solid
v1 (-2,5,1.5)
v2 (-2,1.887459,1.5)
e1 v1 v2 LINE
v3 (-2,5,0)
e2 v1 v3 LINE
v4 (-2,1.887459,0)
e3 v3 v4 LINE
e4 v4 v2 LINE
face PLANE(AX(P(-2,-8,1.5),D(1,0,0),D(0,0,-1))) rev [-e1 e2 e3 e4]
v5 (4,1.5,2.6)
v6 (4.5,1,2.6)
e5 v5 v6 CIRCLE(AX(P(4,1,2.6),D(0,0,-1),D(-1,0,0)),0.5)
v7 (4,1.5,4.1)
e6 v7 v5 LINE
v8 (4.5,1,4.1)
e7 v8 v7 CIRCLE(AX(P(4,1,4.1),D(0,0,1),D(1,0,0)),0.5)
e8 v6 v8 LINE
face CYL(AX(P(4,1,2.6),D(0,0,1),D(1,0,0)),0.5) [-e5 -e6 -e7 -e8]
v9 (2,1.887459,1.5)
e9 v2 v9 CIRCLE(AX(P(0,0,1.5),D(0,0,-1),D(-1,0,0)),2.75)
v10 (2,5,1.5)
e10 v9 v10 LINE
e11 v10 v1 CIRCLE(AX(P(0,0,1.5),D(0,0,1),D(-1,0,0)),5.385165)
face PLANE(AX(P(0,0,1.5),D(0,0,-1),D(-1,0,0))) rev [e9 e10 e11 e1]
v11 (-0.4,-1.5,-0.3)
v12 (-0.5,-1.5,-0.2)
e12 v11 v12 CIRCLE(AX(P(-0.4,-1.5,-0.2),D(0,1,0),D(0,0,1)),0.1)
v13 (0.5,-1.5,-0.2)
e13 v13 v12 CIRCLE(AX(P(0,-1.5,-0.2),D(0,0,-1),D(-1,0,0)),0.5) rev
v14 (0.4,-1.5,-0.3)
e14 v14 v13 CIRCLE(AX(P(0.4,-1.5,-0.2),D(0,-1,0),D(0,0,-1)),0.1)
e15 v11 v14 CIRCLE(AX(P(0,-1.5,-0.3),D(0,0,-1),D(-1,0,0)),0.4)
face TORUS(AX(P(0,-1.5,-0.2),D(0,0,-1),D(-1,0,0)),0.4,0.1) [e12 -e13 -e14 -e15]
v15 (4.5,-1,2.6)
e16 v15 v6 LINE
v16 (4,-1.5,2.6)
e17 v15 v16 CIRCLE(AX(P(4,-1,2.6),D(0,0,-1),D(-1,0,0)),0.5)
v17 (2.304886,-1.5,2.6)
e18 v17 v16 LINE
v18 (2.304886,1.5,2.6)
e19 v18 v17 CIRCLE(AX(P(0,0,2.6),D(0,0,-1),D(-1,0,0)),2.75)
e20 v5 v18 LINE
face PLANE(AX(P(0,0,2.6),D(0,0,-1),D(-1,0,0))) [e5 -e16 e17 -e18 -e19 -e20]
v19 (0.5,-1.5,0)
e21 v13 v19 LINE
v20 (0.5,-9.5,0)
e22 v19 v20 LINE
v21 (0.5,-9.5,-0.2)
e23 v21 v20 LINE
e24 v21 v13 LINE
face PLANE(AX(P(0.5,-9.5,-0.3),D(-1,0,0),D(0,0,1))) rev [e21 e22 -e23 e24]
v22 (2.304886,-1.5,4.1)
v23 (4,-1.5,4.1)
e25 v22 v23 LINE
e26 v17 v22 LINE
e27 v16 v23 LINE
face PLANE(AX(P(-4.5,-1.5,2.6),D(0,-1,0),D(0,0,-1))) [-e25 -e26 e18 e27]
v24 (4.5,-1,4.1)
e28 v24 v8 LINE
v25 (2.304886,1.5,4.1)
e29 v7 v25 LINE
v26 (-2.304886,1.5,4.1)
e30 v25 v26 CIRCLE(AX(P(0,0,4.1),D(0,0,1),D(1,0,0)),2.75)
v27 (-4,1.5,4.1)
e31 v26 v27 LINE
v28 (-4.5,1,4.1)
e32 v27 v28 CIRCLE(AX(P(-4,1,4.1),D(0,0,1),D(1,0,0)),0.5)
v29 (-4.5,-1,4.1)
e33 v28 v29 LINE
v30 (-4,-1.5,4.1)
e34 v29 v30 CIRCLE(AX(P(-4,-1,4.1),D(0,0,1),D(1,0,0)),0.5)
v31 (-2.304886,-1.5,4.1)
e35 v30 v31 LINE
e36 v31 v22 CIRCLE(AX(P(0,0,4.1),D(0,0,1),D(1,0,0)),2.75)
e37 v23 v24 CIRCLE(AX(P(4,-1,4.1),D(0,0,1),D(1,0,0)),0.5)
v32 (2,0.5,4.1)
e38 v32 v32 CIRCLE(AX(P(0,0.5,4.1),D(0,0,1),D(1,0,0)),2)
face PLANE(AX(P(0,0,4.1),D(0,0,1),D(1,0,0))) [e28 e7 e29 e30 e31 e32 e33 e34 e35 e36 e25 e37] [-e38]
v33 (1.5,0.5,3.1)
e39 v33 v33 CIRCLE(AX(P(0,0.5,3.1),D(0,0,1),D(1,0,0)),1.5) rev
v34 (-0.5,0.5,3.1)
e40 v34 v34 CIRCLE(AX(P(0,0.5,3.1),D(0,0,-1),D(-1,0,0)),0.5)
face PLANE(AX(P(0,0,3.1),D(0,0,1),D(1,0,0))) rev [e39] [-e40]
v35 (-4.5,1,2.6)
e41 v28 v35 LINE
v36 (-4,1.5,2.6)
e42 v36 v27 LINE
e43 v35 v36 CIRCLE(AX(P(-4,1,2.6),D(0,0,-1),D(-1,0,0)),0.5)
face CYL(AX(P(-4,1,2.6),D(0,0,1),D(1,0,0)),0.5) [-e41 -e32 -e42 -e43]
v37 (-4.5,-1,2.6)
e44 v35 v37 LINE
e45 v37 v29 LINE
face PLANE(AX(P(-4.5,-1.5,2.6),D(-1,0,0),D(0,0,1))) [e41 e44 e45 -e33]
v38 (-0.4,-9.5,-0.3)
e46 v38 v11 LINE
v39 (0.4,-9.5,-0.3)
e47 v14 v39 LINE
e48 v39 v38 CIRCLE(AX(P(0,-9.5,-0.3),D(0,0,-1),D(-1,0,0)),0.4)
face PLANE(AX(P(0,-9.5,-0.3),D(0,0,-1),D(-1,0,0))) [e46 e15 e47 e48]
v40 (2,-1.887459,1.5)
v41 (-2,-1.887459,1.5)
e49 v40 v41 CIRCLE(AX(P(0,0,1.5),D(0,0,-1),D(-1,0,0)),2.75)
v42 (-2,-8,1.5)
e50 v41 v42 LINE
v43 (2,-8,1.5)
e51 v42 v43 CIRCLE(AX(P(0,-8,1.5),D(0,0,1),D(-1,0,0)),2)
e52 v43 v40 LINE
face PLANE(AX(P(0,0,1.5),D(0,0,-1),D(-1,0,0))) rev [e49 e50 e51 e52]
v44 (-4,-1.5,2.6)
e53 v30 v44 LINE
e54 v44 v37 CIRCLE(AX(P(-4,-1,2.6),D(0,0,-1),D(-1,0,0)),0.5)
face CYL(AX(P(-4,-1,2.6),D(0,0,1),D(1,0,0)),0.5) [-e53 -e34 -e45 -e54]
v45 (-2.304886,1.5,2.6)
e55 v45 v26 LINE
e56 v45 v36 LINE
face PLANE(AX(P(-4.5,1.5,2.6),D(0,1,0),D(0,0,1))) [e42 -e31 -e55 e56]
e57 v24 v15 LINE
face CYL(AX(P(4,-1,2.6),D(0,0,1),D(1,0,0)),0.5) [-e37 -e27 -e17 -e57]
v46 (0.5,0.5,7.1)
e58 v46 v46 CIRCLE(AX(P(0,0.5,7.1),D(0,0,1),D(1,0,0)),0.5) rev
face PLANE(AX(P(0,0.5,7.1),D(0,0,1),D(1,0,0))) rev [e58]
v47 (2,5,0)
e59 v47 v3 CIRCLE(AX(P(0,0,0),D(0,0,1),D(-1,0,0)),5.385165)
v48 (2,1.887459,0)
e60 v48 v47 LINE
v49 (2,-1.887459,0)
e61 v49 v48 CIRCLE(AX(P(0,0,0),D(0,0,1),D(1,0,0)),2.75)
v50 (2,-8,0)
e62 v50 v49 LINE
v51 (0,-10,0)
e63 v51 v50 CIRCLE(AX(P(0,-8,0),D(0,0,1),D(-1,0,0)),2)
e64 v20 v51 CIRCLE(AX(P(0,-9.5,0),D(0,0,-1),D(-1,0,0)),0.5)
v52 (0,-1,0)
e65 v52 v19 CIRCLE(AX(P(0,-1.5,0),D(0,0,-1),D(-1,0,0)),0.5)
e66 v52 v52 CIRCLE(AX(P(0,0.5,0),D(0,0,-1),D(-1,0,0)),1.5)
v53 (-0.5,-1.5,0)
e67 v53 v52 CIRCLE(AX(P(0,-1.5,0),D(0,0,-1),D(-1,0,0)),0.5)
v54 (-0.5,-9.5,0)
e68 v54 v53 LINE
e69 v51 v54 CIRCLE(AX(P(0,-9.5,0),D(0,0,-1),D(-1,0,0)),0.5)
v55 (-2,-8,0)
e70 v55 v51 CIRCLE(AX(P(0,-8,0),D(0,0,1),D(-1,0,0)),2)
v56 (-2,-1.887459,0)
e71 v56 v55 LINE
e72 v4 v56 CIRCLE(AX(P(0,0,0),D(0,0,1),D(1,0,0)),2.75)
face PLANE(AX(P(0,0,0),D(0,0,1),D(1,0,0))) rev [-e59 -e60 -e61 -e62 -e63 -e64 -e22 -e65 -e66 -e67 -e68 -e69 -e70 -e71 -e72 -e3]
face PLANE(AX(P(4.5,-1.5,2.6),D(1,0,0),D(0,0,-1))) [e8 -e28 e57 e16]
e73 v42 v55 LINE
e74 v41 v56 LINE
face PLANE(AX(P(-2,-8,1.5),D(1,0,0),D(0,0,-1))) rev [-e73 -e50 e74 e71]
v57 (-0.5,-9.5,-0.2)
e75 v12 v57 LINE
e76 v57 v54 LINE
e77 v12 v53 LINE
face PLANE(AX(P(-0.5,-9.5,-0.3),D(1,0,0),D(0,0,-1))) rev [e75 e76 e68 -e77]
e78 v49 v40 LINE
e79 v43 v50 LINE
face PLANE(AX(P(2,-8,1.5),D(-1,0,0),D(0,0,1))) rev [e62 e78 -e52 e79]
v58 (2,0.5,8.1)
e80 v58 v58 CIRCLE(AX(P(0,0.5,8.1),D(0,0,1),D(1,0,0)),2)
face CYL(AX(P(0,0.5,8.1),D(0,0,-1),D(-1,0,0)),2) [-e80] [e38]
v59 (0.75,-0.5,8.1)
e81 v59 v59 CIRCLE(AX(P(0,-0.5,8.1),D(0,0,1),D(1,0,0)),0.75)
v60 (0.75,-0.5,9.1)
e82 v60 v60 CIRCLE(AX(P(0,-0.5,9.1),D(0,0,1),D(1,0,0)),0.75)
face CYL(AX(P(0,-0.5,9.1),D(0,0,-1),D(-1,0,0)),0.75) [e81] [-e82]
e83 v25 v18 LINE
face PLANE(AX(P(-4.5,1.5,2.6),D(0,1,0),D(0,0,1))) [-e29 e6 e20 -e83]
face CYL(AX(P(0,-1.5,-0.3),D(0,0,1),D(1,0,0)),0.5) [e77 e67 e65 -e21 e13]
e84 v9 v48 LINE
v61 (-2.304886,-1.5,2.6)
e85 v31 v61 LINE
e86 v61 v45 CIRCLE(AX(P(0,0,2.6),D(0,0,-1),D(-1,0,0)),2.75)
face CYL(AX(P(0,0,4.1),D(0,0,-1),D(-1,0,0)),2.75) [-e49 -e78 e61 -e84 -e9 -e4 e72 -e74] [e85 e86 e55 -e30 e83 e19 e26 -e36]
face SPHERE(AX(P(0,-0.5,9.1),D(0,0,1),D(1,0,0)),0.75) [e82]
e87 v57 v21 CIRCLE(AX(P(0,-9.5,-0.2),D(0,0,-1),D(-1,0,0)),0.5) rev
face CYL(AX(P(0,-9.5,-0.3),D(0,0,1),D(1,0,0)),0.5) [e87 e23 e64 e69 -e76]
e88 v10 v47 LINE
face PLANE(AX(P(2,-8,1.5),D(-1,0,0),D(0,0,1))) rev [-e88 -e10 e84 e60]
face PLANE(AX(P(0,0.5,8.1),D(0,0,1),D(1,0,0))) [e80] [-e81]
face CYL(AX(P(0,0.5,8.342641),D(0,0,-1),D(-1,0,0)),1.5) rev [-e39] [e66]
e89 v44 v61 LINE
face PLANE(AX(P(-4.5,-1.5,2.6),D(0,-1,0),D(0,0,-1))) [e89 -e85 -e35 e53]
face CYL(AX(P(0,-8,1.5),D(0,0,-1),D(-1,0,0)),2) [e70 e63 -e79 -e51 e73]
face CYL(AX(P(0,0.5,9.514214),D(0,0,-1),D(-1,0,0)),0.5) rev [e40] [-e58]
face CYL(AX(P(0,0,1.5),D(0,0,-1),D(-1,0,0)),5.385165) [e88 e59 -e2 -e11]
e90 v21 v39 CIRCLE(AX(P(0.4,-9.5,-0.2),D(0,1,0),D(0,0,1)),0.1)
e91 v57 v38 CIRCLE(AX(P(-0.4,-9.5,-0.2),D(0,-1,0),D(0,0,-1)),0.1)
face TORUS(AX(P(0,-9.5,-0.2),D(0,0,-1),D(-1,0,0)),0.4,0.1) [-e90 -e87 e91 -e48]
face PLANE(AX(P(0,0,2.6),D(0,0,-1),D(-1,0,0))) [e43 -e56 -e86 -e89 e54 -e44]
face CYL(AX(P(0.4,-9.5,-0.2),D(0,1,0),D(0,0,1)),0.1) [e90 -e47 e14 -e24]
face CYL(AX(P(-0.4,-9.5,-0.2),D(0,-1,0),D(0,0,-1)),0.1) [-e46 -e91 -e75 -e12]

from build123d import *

# Parameters (mm, degrees)
SCHIZZO1_R                   = 2.75
ESTRUSIONE_ESTRUSIONE1_DEPTH = 4.1
SCHIZZO2_W                   = 9
SCHIZZO2_H                   = 3
ESTRUSIONE_ESTRUSIONE2_DEPTH = 1.5
RACCORDO1_R                  = 0.5
SCHIZZO3_R                   = 2
ESTRUSIONE_ESTRUSIONE3_DEPTH = 4
SCHIZZO4_R                   = 0.75
ESTRUSIONE_ESTRUSIONE4_DEPTH = 1
RIVOLUZIONE1_ANGLE           = 180
ESTRUSIONE_ESTRUSIONE5_DEPTH = 1.5
SCHIZZO7_R                   = 1.5
TAGLIO_ESTRUSIONE2_DEPTH     = 3.1
SCHIZZO8_R                   = 0.5
TAGLIO_ESTRUSIONE5_DEPTH     = 4
ESTRUSIONE_ESTRUSIONE6_DEPTH = 0.3
RACCORDO5_R                  = 0.1


with BuildPart() as part:
    # Schizzo1 → Estrusione-Estrusione1 (new body)
    with BuildSketch(Plane.XY):
        Circle(SCHIZZO1_R)
    extrude(amount=ESTRUSIONE_ESTRUSIONE1_DEPTH)

    # Schizzo2 → Estrusione-Estrusione2 (add)
    with BuildSketch(Plane.XY.offset(4.1)):
        Rectangle(SCHIZZO2_W, SCHIZZO2_H)
    extrude(amount=-ESTRUSIONE_ESTRUSIONE2_DEPTH)

    # Raccordo1
    raccordo1_edges = [part.edges().sort_by_distance(p)[0] for p in [
        (4.5, -1.5, 3.35),
        (-4.5, 1.5, 3.35),
        (4.5, 1.5, 3.35),
        (-4.5, -1.5, 3.35),
    ]]
    fillet(raccordo1_edges, radius=RACCORDO1_R)

    # Schizzo3 → Estrusione-Estrusione3 (add)
    with BuildSketch(Plane.XY.offset(4.1)):
        with Locations((0, 0.5)):
            Circle(SCHIZZO3_R)
    extrude(amount=ESTRUSIONE_ESTRUSIONE3_DEPTH)

    # Schizzo4 → Estrusione-Estrusione4 (add)
    with BuildSketch(Plane.XY.offset(8.1)):
        with Locations((0, -0.5)):
            Circle(SCHIZZO4_R)
    extrude(amount=ESTRUSIONE_ESTRUSIONE4_DEPTH)

    # Schizzo5 → Rivoluzione1 (revolve)
    with BuildSketch(Plane.XY.offset(9.1)):
        with BuildLine():
            Line((0, 0.25), (0, -1.25))
            ThreePointArc((0, -1.25), (0.75, -0.5), (0, 0.25))
        make_face()
    revolve(axis=Axis((0, 0.25, 9.1), (0, -1, 0)), revolution_arc=RIVOLUZIONE1_ANGLE)

    # Schizzo6 → Estrusione-Estrusione5 (add)
    with BuildSketch(Plane.XY):
        with BuildLine():
            Line((-2, -8), (-2, 5))
            ThreePointArc((-2, 5), (0, 5.385164807), (2, 5))
            Line((2, 5), (2, -8))
            ThreePointArc((2, -8), (0, -10), (-2, -8))
        make_face()
    extrude(amount=ESTRUSIONE_ESTRUSIONE5_DEPTH)

    # Schizzo7 → Taglio-Estrusione2 (cut)
    with BuildSketch(Plane(origin=(0, 0, 0), x_dir=(-1, 0, 0), z_dir=(0, 0, -1))):
        with Locations((0, 0.5)):
            Circle(SCHIZZO7_R)
    extrude(amount=-TAGLIO_ESTRUSIONE2_DEPTH, mode=Mode.SUBTRACT)

    # Schizzo8 → Taglio-Estrusione5 (cut)
    with BuildSketch(Plane(origin=(0, 0, 3.1), x_dir=(-1, 0, 0), z_dir=(0, 0, -1))):
        with Locations((0, 0.5)):
            Circle(SCHIZZO8_R)
    extrude(amount=-TAGLIO_ESTRUSIONE5_DEPTH, mode=Mode.SUBTRACT)

    # Schizzo9 → Estrusione-Estrusione6 (add)
    with BuildSketch(Plane(origin=(0, 0, 0), x_dir=(-1, 0, 0), z_dir=(0, 0, -1))):
        with BuildLine():
            Line((-0.5, -9.5), (-0.5, -1.5))
            ThreePointArc((-0.5, -1.5), (0, -1), (0.5, -1.5))
            Line((0.5, -1.5), (0.5, -9.5))
            ThreePointArc((0.5, -9.5), (0, -10), (-0.5, -9.5))
        make_face()
    extrude(amount=ESTRUSIONE_ESTRUSIONE6_DEPTH)

    # Raccordo5
    raccordo5_edges = [part.edges().sort_by_distance(p)[0] for p in [
        (0, -10, -0.3),
        (-0.5, -5.5, -0.3),
        (0, -1, -0.3),
        (0.5, -5.5, -0.3),
    ]]
    fillet(raccordo5_edges, radius=RACCORDO5_R)


solid = part.part
